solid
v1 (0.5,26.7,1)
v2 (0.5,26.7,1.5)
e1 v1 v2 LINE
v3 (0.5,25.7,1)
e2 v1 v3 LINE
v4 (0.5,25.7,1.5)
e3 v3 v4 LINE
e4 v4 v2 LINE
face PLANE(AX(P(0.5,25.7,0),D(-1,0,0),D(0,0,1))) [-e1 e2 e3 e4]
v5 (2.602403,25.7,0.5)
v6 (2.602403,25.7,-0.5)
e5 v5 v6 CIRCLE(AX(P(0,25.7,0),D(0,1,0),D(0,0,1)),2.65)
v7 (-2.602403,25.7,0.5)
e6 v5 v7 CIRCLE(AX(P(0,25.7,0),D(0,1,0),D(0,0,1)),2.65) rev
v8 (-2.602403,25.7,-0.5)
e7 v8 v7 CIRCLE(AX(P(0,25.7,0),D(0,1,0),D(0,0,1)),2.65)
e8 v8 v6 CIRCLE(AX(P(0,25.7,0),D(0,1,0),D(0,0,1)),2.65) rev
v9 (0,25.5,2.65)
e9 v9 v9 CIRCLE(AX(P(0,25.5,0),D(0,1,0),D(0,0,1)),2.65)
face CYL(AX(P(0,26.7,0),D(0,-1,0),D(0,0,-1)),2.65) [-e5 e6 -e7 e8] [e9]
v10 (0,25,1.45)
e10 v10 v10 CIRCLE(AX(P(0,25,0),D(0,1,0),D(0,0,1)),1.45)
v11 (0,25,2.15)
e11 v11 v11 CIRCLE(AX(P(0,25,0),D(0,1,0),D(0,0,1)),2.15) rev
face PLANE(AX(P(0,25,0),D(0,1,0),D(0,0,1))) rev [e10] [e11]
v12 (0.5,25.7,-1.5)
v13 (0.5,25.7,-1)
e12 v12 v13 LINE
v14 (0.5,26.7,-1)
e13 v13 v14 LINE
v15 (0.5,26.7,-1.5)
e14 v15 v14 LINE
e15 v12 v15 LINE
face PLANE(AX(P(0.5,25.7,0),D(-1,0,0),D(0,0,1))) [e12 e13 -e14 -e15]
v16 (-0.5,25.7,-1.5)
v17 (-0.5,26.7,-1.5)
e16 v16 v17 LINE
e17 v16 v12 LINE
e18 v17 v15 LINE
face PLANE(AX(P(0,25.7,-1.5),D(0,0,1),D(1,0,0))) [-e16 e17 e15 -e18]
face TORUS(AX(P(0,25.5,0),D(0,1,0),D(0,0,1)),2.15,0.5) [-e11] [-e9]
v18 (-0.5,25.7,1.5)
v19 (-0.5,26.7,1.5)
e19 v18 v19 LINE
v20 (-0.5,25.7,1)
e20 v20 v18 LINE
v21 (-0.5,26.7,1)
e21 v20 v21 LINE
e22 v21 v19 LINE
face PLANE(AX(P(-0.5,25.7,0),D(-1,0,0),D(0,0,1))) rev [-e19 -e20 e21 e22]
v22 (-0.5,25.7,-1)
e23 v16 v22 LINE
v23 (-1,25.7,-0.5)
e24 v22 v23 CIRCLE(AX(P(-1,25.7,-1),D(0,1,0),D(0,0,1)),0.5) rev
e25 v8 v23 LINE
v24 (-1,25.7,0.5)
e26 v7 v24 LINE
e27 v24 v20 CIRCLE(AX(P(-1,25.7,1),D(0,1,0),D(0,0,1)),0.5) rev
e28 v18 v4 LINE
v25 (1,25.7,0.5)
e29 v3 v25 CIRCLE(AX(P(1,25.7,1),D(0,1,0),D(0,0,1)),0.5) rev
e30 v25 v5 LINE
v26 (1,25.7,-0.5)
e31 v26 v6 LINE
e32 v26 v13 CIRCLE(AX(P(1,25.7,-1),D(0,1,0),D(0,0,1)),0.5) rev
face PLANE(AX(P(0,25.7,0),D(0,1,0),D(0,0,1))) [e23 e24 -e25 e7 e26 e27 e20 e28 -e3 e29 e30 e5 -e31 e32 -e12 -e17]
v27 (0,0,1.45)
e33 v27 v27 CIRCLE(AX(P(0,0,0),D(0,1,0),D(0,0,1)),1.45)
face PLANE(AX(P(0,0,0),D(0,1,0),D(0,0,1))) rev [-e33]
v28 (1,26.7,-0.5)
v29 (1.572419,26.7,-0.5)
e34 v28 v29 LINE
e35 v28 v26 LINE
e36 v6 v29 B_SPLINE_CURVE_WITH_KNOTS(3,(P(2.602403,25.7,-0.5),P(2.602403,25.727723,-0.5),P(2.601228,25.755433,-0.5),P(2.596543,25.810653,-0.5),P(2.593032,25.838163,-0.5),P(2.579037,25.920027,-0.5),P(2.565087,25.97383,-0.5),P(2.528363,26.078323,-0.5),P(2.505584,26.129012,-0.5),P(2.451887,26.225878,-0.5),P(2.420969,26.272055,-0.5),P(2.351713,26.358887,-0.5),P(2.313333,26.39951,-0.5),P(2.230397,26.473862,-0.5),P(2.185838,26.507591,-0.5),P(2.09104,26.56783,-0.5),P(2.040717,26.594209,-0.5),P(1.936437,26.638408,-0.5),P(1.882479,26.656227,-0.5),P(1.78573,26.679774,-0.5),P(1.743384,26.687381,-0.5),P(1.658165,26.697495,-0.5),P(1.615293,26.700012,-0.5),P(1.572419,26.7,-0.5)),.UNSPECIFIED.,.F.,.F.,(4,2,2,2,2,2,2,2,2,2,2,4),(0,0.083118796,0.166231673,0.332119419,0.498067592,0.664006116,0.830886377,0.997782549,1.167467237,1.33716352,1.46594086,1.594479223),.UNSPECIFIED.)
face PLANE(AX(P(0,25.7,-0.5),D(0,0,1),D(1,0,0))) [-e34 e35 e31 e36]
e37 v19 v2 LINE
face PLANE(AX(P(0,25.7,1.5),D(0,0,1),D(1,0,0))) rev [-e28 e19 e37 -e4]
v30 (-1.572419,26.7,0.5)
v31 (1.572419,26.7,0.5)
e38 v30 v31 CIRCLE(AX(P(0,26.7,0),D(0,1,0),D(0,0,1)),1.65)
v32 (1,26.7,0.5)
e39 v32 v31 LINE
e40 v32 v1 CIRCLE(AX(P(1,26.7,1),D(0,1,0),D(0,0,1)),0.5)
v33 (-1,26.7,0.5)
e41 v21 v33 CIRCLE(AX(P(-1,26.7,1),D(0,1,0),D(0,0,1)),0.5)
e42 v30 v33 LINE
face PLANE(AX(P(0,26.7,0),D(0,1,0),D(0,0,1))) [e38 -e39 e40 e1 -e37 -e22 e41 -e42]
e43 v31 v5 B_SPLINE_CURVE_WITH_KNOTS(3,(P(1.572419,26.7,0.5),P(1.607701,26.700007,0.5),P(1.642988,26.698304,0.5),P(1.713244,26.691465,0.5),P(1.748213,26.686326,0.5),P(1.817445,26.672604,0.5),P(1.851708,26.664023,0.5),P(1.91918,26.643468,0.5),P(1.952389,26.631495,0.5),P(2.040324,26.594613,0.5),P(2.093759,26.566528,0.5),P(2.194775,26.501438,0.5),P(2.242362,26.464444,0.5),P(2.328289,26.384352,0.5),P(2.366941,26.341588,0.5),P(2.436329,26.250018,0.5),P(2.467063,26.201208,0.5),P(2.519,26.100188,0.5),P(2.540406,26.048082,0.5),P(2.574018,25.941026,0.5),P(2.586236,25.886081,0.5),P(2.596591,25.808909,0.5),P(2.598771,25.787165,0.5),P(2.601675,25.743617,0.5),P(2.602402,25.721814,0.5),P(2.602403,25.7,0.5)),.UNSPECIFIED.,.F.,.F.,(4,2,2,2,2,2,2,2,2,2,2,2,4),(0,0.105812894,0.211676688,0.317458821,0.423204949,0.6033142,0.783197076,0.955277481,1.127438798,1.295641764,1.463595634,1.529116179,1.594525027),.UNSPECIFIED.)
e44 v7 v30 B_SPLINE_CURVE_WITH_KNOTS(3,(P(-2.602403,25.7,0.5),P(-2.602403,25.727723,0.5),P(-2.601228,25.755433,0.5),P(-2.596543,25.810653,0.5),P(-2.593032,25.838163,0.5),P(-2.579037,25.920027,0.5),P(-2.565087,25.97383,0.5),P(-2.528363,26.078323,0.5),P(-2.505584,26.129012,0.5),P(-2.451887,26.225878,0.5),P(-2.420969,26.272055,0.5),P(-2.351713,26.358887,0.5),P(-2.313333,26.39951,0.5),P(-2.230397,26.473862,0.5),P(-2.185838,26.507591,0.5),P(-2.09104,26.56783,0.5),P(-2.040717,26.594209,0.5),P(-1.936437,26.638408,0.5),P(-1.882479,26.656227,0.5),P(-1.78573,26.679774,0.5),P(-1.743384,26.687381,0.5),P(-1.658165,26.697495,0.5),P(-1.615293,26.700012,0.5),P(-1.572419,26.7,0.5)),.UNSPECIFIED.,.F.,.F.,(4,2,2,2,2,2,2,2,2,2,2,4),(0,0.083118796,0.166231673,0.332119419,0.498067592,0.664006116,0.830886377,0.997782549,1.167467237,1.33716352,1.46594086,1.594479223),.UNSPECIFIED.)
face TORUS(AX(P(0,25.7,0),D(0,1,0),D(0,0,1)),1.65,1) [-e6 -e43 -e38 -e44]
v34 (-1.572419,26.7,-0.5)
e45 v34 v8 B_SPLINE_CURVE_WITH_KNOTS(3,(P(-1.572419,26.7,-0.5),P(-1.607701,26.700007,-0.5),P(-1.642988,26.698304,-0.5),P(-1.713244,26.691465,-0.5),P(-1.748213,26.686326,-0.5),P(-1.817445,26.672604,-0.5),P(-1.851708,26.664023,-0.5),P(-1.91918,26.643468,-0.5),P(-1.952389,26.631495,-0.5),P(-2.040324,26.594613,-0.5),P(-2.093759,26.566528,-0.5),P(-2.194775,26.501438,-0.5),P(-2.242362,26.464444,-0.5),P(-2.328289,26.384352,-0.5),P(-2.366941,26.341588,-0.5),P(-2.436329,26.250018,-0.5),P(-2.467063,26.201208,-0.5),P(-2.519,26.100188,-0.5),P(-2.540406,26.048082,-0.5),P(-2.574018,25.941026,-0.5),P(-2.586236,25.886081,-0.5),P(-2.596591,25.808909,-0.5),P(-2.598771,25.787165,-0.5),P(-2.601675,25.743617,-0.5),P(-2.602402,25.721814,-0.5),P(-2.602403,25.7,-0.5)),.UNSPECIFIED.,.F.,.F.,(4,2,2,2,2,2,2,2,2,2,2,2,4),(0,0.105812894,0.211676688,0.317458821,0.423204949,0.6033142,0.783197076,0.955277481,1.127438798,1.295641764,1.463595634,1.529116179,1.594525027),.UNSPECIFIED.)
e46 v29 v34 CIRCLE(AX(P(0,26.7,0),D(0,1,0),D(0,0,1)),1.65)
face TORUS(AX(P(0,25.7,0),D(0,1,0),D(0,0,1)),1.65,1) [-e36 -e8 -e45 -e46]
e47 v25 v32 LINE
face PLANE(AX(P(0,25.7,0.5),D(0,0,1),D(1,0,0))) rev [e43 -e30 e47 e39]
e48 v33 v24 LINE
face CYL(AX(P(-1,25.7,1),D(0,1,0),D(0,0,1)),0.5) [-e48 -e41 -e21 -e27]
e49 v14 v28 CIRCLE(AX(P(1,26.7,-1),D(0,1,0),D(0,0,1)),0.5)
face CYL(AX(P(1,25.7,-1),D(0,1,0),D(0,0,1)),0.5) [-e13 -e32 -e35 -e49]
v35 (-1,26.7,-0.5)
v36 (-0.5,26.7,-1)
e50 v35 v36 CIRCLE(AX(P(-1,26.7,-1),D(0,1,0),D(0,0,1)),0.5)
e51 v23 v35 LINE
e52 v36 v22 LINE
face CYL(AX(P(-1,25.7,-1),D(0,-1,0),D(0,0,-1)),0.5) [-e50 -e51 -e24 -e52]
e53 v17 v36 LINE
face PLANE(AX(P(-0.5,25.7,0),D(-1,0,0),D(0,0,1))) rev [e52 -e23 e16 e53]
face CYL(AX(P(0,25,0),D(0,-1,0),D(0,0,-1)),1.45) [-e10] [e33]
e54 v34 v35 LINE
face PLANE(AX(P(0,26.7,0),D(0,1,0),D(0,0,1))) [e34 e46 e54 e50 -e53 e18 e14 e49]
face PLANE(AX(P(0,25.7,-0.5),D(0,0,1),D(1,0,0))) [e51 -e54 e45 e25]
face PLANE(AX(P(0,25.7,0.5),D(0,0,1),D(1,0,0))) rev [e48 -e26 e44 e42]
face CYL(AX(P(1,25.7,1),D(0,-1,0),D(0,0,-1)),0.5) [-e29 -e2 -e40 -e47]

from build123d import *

# Parameters (mm, degrees)
SKETCH_1_R          = 1.45
EXTRUDE_1_DEPTH     = 25
SKETCH_2_R          = 2.65
EXTRUDE_2_DEPTH     = 1.7
CUT_EXTRUDE_START   = -1
SKETCH_3_W          = 1
SKETCH_3_H          = 1
CUT_EXTRUDE_1_DEPTH = 1
FILLET_1_R          = 0.5
FILLET_2_R          = 1
FILLET_3_R          = 0.5


with BuildPart() as part:
    # 草图1 → 凸台-拉伸1 (new body)
    with BuildSketch(Plane(origin=(0, 0, 0), x_dir=(1, 0, 0), z_dir=(0, 1, 0))):
        with Locations(Location((0, 0, 0), (0, 0, 270))):
            Circle(SKETCH_1_R)
    extrude(amount=EXTRUDE_1_DEPTH)

    # 草图2 → 凸台-拉伸2 (add)
    with BuildSketch(Plane(origin=(0, 25, 0), x_dir=(1, 0, 0), z_dir=(0, 1, 0))):
        with Locations(Location((0, 0, 0), (0, 0, 270))):
            Circle(SKETCH_2_R)
    extrude(amount=EXTRUDE_2_DEPTH)

    # 草图3 → 切除-拉伸1 (cut)
    with BuildSketch(Plane(origin=(0, 26.7, 0), x_dir=(1, 0, 0), z_dir=(0, 1, 0)).offset(CUT_EXTRUDE_START)):
        with BuildLine():
            Line((-0.5, 0.5), (-2.602402736, 0.5))
            ThreePointArc((-2.602402736, 0.5), (-2.65, 0), (-2.602402736, -0.5))
            Line((-2.602402736, -0.5), (-0.5, -0.5))
            Line((-0.5, -0.5), (-0.5, 0.5))
        make_face()
        with Locations((0, 1)):
            Rectangle(SKETCH_3_W, SKETCH_3_H)
        Rectangle(SKETCH_3_W, SKETCH_3_H)
        with Locations((0, -1)):
            Rectangle(SKETCH_3_W, SKETCH_3_H)
        with BuildLine():
            ThreePointArc((2.65, 0), (2.638073848, 0.251130195), (2.602402736, 0.5))
            Line((2.602402736, 0.5), (0.5, 0.5))
            Line((0.5, 0.5), (0.5, -0.5))
            Line((0.5, -0.5), (2.602402736, -0.5))
            ThreePointArc((2.602402736, -0.5), (2.638073848, -0.251130195), (2.65, 0))
        make_face()
    extrude(amount=CUT_EXTRUDE_1_DEPTH, mode=Mode.SUBTRACT)

    # 圆角1
    fillet_1_edges = [part.edges().sort_by_distance(p)[0] for p in [
        (-0.5, 26.2, 0.5),
        (-0.5, 26.2, -0.5),
        (0.5, 26.2, -0.5),
        (0.5, 26.2, 0.5),
    ]]
    fillet(fillet_1_edges, radius=FILLET_1_R)

    # 圆角2
    fillet_2_edges = [part.edges().sort_by_distance(p)[0] for p in [
        (0, 26.7, -2.65),
        (1.687824043, 26.7, 2.042975771),
    ]]
    fillet(fillet_2_edges, radius=FILLET_2_R)

    # 圆角3
    fillet_3_edges = [part.edges().sort_by_distance(p)[0] for p in [
        (0, 25, -2.65),
    ]]
    fillet(fillet_3_edges, radius=FILLET_3_R)


solid = part.part
